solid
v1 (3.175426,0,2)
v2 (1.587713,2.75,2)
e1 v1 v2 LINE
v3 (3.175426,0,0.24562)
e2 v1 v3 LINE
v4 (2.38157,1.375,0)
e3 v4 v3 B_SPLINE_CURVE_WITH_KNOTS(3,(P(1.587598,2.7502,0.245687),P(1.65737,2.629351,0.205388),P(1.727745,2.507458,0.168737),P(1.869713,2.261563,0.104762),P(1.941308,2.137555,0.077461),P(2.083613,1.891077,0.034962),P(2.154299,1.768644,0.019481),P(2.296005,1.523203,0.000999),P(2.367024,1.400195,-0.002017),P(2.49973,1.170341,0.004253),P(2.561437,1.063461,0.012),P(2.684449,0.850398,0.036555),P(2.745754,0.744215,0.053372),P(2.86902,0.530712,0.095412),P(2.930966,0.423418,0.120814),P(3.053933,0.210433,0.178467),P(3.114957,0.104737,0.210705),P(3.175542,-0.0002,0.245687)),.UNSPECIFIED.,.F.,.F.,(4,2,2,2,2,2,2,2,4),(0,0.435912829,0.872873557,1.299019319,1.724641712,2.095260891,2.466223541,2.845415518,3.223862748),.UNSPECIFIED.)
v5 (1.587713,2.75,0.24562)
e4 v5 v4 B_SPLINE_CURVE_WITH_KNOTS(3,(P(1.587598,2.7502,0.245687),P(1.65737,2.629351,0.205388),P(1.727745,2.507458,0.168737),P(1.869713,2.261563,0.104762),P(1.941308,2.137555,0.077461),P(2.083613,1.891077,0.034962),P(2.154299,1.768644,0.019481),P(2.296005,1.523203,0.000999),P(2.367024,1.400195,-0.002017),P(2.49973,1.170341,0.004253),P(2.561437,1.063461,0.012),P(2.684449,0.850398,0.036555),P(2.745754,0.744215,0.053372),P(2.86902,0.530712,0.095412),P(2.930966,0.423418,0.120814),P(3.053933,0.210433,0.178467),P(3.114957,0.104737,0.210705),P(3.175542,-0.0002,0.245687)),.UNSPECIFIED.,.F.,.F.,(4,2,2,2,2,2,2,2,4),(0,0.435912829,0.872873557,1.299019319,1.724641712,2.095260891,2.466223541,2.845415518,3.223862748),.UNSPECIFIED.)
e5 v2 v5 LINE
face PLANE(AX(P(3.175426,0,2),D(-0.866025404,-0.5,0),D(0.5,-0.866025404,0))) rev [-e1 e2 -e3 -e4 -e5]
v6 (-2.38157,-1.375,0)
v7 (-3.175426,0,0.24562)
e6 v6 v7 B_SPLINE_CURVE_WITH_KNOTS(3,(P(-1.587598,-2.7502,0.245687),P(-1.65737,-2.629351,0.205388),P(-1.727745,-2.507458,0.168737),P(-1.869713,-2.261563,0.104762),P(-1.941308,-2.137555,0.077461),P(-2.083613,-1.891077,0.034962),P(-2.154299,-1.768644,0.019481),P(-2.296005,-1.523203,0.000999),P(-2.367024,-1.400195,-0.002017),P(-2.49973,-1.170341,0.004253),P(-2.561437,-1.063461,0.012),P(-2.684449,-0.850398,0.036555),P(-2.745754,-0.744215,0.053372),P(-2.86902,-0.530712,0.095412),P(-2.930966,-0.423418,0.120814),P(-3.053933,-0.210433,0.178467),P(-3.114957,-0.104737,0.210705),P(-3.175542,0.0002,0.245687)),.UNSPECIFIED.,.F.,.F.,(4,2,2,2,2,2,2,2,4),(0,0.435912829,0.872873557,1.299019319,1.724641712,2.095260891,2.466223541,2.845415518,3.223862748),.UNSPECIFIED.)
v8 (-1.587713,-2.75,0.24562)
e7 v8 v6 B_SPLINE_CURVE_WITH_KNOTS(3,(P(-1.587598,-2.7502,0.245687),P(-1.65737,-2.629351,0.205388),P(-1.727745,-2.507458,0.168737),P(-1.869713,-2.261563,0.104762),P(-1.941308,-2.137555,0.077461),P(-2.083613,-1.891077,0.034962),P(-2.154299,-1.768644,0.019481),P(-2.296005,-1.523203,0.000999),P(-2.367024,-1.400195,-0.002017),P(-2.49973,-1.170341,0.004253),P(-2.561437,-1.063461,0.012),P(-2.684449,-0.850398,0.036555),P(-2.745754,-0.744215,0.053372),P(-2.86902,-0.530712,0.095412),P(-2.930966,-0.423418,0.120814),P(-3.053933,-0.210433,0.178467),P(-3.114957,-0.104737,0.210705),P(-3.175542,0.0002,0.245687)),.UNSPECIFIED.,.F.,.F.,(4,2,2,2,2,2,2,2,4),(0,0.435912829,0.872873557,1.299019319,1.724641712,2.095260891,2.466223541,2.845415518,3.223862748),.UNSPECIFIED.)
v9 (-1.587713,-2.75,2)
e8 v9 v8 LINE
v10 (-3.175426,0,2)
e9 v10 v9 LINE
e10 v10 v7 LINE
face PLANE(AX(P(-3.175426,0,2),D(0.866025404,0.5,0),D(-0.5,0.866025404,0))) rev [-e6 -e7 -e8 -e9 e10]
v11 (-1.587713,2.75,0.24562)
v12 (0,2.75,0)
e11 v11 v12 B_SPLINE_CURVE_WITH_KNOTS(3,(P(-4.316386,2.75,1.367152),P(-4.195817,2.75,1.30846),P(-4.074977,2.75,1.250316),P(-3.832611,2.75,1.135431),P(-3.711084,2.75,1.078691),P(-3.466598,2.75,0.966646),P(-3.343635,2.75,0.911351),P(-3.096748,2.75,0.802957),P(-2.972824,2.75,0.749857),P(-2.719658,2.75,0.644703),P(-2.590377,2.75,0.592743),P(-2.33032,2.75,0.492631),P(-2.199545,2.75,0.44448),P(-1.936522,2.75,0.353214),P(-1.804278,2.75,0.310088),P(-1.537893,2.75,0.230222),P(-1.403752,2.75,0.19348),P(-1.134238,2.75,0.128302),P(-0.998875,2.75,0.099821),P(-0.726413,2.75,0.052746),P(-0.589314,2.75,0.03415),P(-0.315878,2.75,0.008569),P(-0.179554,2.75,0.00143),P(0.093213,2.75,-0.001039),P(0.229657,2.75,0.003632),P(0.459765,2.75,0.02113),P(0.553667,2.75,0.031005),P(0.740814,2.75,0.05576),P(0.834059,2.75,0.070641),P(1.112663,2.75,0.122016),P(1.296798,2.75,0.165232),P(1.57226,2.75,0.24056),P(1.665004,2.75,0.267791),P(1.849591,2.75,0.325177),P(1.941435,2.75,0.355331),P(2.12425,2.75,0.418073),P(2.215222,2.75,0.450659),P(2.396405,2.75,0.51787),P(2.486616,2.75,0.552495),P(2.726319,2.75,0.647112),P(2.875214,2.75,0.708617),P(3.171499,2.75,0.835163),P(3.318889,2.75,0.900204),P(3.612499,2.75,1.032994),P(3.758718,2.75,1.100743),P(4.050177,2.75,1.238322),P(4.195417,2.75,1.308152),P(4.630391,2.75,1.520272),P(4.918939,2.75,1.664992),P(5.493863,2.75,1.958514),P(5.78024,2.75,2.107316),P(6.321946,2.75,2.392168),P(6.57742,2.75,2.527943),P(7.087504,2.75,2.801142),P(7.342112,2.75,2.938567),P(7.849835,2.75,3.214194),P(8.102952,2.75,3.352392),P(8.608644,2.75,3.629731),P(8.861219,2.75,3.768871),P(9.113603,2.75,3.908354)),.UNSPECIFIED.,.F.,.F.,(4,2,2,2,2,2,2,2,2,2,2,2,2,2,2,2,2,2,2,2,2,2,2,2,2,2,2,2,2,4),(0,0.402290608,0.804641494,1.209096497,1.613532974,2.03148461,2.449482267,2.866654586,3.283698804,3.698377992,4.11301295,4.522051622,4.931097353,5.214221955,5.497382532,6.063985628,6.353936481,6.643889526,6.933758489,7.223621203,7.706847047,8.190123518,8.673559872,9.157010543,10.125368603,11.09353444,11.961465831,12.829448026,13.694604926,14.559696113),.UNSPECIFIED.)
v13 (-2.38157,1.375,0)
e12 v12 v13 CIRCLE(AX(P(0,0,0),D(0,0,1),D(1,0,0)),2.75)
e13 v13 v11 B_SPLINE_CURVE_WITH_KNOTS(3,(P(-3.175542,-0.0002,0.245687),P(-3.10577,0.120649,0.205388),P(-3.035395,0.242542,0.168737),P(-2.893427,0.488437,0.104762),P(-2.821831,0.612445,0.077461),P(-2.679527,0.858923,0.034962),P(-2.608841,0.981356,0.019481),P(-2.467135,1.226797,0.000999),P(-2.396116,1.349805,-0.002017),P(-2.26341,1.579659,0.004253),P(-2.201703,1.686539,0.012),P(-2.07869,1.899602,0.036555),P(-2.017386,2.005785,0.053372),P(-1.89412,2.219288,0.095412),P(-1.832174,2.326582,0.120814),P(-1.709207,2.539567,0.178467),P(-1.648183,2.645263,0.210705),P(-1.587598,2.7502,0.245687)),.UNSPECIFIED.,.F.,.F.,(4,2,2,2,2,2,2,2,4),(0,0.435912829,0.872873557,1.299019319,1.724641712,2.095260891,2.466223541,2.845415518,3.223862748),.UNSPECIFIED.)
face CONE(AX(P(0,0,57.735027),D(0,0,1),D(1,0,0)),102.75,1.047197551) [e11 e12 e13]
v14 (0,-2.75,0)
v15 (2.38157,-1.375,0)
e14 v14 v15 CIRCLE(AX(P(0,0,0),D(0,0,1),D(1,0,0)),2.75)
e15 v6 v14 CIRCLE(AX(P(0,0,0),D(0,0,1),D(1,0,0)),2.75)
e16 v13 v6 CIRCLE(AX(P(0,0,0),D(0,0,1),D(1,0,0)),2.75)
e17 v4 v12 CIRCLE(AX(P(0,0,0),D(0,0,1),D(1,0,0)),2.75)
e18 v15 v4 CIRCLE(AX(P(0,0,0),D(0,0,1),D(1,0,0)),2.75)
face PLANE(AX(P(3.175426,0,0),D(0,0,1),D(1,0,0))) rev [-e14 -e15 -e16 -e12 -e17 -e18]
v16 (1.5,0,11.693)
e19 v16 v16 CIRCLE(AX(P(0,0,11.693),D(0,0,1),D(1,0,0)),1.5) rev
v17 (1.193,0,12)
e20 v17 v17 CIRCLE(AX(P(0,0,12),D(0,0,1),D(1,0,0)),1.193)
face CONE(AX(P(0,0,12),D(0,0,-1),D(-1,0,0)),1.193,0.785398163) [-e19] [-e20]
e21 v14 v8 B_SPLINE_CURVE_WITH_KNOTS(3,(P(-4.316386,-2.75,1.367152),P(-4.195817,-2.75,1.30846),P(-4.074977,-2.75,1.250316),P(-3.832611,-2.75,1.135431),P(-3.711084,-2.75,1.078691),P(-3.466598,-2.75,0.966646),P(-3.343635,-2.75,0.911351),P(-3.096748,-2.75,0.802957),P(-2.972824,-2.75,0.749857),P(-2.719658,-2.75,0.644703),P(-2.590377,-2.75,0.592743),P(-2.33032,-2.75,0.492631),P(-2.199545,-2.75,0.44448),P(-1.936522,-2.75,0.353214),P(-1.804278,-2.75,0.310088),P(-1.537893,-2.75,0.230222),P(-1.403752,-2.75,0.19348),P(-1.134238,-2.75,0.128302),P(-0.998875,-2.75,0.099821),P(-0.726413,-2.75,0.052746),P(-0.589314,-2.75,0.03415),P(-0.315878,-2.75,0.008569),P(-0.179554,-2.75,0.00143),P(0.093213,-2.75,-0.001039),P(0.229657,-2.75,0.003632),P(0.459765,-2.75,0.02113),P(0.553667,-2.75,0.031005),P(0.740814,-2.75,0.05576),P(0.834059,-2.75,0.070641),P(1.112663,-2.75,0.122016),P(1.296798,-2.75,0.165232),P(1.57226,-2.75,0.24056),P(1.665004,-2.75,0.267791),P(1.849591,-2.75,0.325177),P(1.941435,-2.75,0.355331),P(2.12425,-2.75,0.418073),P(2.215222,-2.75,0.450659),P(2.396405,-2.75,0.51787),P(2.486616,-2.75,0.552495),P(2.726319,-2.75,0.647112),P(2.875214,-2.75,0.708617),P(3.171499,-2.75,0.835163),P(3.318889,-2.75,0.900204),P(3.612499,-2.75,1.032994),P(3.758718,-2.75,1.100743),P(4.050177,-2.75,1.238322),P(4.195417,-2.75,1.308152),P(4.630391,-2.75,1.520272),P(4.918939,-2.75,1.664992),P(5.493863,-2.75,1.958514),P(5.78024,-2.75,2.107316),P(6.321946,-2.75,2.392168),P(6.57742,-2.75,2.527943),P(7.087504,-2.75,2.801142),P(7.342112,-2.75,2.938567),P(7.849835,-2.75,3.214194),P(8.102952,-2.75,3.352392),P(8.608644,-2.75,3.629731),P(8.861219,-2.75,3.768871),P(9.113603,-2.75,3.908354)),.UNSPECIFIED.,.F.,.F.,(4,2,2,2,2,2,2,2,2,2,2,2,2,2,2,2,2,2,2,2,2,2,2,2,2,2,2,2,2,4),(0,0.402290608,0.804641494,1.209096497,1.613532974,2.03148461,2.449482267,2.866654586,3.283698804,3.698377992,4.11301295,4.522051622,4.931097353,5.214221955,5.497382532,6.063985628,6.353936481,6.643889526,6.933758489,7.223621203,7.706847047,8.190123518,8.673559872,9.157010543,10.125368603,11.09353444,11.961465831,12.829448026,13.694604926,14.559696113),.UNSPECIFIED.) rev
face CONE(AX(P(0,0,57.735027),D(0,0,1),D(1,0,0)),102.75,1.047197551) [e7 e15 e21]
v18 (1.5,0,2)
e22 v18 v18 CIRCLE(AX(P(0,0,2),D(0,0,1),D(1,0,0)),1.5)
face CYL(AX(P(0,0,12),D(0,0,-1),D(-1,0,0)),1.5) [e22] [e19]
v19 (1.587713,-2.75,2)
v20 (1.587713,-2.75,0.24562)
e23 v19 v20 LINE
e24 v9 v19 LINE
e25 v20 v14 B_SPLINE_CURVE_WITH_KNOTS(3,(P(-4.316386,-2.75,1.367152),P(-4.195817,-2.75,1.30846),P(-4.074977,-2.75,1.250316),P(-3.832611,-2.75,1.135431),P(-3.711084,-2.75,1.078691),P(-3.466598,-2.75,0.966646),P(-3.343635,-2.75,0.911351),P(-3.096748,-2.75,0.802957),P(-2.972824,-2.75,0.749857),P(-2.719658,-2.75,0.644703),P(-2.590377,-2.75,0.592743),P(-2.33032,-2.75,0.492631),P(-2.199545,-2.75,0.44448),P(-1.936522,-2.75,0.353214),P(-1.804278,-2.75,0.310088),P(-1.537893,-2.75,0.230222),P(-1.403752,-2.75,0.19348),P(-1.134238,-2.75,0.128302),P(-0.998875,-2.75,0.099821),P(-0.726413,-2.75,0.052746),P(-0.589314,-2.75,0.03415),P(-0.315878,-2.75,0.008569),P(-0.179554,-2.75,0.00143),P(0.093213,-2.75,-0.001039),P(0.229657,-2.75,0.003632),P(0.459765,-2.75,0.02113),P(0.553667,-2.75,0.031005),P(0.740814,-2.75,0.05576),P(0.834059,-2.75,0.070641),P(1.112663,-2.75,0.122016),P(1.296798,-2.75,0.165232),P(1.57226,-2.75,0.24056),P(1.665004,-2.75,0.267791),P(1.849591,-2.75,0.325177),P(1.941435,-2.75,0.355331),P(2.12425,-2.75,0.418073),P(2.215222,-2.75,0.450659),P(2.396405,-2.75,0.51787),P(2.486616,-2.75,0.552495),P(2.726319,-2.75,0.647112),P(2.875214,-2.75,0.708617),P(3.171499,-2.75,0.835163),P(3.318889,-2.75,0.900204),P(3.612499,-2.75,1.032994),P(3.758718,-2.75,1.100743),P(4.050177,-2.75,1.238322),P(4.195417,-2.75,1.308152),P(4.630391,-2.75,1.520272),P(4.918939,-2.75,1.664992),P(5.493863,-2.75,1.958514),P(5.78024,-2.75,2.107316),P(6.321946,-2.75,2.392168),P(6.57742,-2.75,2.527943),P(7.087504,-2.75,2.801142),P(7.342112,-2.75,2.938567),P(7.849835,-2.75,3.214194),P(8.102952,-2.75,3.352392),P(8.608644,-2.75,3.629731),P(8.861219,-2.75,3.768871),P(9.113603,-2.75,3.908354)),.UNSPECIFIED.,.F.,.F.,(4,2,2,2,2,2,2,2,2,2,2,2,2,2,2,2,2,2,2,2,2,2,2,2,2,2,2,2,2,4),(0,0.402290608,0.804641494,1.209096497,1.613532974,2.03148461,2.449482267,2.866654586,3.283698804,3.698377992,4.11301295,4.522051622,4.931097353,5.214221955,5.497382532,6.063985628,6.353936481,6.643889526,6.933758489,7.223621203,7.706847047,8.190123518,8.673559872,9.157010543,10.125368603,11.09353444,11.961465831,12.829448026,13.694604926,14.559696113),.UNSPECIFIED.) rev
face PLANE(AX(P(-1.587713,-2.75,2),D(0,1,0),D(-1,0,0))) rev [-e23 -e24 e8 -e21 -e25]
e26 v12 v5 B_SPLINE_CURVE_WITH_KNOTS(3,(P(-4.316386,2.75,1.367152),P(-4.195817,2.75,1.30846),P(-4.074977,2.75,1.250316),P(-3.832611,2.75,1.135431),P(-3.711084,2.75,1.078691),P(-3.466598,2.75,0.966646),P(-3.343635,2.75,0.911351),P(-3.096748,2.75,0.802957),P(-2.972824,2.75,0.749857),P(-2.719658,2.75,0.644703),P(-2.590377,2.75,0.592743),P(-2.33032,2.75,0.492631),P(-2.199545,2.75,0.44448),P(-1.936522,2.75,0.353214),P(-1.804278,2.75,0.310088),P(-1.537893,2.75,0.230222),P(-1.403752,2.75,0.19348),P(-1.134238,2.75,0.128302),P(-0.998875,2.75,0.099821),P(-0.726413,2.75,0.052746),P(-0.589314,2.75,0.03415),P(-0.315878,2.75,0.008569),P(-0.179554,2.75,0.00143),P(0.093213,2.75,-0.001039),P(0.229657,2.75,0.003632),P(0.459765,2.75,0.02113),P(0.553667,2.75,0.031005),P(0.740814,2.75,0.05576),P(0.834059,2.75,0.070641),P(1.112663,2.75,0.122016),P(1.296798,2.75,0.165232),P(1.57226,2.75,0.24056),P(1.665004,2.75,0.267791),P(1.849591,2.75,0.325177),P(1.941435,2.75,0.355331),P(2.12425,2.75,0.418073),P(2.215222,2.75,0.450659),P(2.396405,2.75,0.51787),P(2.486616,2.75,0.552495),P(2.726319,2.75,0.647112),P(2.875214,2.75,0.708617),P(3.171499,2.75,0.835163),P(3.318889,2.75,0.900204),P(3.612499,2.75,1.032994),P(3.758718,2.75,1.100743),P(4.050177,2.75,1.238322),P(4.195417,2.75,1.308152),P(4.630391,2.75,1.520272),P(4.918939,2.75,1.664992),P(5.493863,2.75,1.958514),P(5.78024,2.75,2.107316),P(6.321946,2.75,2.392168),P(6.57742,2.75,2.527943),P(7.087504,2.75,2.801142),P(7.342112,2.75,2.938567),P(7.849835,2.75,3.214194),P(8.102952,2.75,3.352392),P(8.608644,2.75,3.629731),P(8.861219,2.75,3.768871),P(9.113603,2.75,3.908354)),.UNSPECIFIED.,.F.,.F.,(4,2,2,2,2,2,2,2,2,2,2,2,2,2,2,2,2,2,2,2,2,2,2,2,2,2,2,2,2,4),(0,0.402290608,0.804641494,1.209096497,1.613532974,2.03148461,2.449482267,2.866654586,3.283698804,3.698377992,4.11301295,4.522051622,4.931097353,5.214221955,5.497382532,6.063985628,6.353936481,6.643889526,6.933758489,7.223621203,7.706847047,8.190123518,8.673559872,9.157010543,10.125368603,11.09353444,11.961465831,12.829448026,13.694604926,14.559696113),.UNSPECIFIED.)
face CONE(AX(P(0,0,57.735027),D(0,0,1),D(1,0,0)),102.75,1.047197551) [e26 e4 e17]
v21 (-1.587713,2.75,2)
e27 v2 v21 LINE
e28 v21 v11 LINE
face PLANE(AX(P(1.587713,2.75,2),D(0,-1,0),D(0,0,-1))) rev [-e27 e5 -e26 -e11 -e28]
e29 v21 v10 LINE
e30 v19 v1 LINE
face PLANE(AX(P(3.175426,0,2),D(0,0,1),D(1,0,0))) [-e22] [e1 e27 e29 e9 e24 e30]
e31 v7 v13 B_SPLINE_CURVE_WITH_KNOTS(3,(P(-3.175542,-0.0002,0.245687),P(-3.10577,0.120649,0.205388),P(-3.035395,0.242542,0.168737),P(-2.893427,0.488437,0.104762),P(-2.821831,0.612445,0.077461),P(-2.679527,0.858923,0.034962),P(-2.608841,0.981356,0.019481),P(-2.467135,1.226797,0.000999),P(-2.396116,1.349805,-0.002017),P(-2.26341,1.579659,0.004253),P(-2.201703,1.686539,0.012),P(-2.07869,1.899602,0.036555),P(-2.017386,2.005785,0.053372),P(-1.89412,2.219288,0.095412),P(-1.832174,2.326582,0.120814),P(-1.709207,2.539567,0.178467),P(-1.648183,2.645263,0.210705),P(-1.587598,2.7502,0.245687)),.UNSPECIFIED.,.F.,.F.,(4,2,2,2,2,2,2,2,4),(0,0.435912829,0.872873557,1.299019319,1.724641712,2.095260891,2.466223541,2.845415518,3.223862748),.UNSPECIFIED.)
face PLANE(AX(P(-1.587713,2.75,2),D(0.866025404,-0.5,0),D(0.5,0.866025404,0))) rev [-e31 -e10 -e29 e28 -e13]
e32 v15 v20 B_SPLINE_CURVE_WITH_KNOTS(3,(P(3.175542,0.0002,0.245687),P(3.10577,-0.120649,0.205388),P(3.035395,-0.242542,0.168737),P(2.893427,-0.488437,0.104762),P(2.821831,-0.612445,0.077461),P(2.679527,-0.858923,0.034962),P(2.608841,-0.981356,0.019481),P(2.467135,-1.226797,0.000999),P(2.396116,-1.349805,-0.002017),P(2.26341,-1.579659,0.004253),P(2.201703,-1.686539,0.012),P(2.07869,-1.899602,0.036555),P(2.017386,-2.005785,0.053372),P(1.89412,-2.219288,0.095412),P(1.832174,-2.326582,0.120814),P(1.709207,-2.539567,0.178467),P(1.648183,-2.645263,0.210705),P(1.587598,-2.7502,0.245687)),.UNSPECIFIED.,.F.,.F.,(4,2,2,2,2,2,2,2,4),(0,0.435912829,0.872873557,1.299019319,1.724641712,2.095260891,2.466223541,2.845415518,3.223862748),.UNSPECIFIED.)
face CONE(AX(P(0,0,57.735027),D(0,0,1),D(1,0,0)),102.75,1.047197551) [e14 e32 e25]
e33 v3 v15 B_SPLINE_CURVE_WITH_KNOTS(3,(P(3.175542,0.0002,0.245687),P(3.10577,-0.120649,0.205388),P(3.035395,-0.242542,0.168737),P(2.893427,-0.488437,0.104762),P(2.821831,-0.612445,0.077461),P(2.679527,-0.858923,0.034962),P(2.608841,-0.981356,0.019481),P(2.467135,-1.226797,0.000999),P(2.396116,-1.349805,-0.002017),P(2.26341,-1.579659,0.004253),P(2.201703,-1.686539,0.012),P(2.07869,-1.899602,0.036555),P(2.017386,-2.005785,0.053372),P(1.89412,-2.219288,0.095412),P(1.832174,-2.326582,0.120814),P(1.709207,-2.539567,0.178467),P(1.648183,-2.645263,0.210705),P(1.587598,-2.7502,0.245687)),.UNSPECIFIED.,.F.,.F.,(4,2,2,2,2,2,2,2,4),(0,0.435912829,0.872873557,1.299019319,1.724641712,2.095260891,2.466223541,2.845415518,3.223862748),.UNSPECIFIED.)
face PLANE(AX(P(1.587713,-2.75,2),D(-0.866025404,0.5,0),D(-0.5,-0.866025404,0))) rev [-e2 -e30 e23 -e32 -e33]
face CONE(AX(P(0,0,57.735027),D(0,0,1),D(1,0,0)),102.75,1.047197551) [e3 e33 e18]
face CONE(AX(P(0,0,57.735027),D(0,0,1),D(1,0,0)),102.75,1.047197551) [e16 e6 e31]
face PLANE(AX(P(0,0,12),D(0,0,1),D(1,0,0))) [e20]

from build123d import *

# Parameters (mm, degrees)
EXTRUDE1_DEPTH = 2
SKETCH2_R      = 1.5
EXTRUDE2_DEPTH = 10
CHAMFER1_SIZE  = 0.307


with BuildPart() as part:
    # Sketch1 → Extrude1 (new body)
    with BuildSketch(Plane.XY):
        Polygon((3.175426481, 0), (1.58771324, 2.75), (-1.58771324, 2.75), (-3.175426481, 0), (-1.58771324, -2.75), (1.58771324, -2.75), align=None)
    extrude(amount=EXTRUDE1_DEPTH)

    # Sketch2 → Extrude2 (add)
    with BuildSketch(Plane.XY.offset(2)):
        Circle(SKETCH2_R)
    extrude(amount=EXTRUDE2_DEPTH)

    # Sketch3 → Cut-Revolve1 (revolve, cut)
    with BuildSketch(Plane(origin=(0, 0, 0), x_dir=(0, 0, -1), z_dir=(1, 0, 0))):
        Polygon((0, 2.75), (0, 102.75), (-57.735026919, 102.75), align=None)
    revolve(axis=Axis((0, 0, 0), (0, 0, -1)), mode=Mode.SUBTRACT)

    # Chamfer1
    chamfer1_edges = [part.edges().sort_by_distance(p)[0] for p in [
        (-1.5, 0, 12),
    ]]
    chamfer(chamfer1_edges, length=CHAMFER1_SIZE)


solid = part.part
